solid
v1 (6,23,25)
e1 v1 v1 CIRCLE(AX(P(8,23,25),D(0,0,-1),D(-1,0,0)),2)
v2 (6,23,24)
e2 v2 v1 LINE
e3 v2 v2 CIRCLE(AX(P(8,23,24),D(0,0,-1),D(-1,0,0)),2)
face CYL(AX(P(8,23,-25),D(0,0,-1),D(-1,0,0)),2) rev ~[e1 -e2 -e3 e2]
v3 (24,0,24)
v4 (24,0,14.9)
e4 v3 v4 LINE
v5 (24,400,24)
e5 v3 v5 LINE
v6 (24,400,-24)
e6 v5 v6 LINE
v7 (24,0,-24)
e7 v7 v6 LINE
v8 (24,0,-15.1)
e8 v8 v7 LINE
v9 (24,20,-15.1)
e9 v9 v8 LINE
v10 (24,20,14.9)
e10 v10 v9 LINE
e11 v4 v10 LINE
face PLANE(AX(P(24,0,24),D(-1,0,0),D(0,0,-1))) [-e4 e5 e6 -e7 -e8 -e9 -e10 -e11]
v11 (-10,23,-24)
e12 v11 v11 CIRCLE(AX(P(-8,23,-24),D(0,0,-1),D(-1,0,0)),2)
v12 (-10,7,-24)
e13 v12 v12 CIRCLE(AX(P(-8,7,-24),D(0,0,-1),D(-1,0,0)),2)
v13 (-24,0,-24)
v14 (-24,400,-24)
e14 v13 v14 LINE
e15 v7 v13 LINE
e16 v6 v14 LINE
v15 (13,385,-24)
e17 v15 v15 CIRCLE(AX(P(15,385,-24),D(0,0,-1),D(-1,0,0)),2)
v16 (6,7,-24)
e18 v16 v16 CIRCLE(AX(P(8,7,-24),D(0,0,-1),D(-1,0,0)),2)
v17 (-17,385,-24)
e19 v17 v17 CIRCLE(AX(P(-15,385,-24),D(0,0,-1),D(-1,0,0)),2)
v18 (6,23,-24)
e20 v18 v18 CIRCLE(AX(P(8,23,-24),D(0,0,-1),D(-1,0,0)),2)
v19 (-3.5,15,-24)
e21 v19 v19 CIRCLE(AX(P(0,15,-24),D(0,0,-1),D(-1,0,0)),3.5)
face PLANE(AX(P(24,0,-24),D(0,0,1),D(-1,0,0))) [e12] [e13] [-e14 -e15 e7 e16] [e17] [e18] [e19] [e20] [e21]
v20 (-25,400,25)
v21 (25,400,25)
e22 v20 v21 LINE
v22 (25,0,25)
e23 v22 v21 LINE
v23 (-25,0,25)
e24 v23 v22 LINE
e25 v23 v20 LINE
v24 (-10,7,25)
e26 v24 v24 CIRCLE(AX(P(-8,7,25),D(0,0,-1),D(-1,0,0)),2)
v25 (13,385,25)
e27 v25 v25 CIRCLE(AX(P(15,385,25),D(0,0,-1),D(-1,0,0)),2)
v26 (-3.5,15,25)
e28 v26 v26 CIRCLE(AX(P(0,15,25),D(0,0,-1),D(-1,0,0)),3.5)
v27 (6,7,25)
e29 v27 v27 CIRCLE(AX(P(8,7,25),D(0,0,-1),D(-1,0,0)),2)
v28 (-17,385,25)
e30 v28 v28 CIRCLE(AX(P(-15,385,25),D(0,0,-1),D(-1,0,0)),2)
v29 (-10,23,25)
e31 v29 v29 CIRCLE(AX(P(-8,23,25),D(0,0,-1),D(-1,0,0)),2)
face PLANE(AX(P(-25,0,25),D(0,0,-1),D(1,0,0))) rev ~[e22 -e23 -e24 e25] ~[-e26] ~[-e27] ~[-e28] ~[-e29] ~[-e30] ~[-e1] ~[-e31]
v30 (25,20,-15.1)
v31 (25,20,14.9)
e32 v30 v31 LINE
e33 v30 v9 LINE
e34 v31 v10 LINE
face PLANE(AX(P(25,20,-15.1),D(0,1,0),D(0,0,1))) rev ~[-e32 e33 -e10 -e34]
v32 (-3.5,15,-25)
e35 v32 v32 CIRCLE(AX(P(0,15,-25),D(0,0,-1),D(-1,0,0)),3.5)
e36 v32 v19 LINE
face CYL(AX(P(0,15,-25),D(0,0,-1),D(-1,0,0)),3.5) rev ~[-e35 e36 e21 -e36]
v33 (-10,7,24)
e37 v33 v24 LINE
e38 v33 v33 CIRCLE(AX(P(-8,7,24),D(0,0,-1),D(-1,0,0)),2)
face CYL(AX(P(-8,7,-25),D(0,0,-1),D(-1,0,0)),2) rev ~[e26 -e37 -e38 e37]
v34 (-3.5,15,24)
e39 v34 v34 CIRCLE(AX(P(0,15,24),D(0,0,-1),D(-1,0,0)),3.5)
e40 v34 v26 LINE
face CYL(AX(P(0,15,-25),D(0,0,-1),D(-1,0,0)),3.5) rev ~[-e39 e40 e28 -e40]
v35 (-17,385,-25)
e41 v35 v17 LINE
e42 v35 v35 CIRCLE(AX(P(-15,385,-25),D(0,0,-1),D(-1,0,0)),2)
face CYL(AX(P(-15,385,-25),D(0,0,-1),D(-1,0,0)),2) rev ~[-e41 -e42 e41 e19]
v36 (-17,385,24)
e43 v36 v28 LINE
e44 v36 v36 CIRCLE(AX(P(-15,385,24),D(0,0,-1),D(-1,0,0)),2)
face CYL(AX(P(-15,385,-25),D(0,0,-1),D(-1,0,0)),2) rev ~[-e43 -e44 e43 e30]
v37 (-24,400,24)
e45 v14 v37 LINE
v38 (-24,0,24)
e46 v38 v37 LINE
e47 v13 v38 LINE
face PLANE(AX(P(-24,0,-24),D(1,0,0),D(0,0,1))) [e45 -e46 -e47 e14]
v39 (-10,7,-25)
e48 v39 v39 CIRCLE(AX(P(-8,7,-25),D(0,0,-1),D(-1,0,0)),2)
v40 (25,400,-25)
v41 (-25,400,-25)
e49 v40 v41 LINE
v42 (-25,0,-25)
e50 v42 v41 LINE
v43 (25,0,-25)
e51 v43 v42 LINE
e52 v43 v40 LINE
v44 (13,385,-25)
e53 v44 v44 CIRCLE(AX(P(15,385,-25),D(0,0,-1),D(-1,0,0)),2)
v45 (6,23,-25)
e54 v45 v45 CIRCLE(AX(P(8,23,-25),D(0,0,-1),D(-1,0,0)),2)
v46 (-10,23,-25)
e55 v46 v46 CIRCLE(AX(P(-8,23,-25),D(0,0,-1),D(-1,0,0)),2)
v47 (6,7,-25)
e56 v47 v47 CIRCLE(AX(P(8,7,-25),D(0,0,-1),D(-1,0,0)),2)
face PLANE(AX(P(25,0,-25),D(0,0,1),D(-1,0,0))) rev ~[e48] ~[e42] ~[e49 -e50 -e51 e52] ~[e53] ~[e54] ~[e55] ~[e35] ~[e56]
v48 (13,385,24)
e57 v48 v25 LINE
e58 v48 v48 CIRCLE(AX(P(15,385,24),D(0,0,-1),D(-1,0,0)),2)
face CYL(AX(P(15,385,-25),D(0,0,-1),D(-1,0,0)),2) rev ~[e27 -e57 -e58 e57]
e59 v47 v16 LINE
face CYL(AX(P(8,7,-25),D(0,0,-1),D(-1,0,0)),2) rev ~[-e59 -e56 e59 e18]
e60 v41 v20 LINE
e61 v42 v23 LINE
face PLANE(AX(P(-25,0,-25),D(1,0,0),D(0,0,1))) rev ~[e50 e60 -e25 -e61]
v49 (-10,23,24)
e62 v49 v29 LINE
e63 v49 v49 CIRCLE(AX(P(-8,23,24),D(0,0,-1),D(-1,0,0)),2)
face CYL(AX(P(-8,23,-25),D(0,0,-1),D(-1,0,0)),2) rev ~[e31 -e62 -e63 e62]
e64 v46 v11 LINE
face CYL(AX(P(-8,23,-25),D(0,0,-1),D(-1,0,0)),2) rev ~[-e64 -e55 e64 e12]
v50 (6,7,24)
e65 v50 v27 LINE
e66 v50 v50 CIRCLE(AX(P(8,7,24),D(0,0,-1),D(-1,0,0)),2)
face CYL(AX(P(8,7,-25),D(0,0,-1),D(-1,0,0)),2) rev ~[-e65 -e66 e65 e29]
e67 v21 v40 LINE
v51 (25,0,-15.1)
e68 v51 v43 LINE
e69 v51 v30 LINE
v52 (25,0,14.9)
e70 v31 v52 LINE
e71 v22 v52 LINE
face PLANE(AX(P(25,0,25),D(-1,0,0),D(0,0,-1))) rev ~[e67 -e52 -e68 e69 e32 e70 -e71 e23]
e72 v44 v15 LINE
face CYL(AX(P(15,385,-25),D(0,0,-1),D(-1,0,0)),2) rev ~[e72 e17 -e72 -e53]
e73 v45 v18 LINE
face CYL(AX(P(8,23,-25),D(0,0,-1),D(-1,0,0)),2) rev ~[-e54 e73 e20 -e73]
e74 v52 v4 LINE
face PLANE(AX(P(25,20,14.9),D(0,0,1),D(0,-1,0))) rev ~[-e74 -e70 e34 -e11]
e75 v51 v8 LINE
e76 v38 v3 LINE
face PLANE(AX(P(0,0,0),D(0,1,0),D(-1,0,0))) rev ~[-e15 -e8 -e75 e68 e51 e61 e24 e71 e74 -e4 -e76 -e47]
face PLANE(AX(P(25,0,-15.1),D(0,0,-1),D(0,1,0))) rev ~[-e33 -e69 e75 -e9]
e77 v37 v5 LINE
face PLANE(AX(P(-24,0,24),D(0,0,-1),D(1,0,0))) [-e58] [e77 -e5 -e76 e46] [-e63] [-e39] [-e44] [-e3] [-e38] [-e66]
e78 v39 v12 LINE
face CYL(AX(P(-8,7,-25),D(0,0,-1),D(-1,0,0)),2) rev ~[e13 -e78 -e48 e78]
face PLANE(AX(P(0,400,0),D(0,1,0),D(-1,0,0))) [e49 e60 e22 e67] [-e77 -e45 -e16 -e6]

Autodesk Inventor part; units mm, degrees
ref_plane "YZ Plane" through (0, 0, 0) normal (1, 0, 0) x (0, 1, 0)
ref_plane "XZ Plane" through (0, 0, 0) normal (0, 1, 0) x (-1, 0, 0)
ref_plane "XY Plane" through (0, 0, 0) normal (0, 0, 1) x (1, 0, 0)
sketch "Sketch1" plane through (0, 0, 0) normal (0, 1, 0) x (-1, 0, 0)
  line L0 (25, 25) -> (-25, 25)
  line L1 (-25, 25) -> (-25, -25)
  line L2 (-25, -25) -> (25, -25)
  line L3 (25, -25) -> (25, 25)
  line L4 (25, 25) -> (-25, -25) construction
  line L5 (-25, 25) -> (25, -25) construction
  line L6 (24, 24) -> (-24, 24)
  line L7 (-24, 24) -> (-24, -24)
  line L8 (-24, -24) -> (24, -24)
  line L9 (24, -24) -> (24, 24)
  line L10 (24, 24) -> (-24, -24) construction
  line L11 (-24, 24) -> (24, -24) construction
  point P0 (0, 0)
  dimension "d0" = 50
  dimension "d2" = 48
extrude "Extrusion1" add sketch "Sketch1" along normal blind 400
sketch "Sketch3" plane through (25, 0, -25) normal (0, 0, -1) x (-1, 0, 0)
  line L0 (50, 0) -> (50, 400) projected
  line L1 (0, 0) -> (50, 0)
  line L2 (50, 0) -> (50, 30)
  line L3 (50, 30) -> (0, 30)
  line L4 (0, 30) -> (0, 0)
  line L5 (50, 30) -> (0, 0) construction
  line L6 (0, 0) -> (0, 400) projected
  line L7 (50, 0) -> (50, 400) projected
  line L8 (0, 400) -> (50, 400)
  line L9 (50, 400) -> (50, 370)
  line L10 (50, 370) -> (0, 370)
  line L11 (0, 370) -> (0, 400)
  line L12 (0, 400) -> (50, 370) construction
  circle A0 centre (40, 385) radius 2
  line L13 (25, 385) -> (40, 385) construction
  line L14 (25, 385) -> (10, 385) construction
  circle A1 centre (10, 385) radius 2
  circle A2 centre (25, 15) radius 3.5
  line L15 (17, 23) -> (33, 23) construction
  line L16 (33, 23) -> (33, 7) construction
  line L17 (33, 7) -> (17, 7) construction
  line L18 (17, 7) -> (17, 23) construction
  line L19 (17, 23) -> (33, 7) construction
  line L20 (33, 23) -> (17, 7) construction
  circle A3 centre (17, 23) radius 2
  circle A4 centre (33, 23) radius 2
  circle A5 centre (33, 7) radius 2
  circle A6 centre (17, 7) radius 2
  line L21 (25, 15) -> (29.6644, 19.6644) construction
  point P0 (25, 0)
  dimension "d19" = 30
  dimension "d28" = 30
  dimension "d29" = 4
  dimension "d30" = 15
  dimension "d31" = 15
  dimension "d32" = 4
  dimension "d33" = 7
  dimension "d34" = 16
  dimension "d35" = 4
extrude "Extrusion3" cut sketch "Sketch3" against normal blind 50 contours A0 | A1 | A2 | A3 | A4 | A5 | A6
sketch "Sketch4" plane through (25, 0, 25) normal (1, 0, 0) x (0, 0, -1)
  line L0 (50, 0) -> (0, 0) construction
  line L1 (0, 0) -> (10.1, 0) construction
  line L2 (10.1, 0) -> (40.1, 0)
  line L3 (40.1, 0) -> (40.1, 20)
  line L4 (40.1, 20) -> (10.1, 20)
  line L5 (10.1, 20) -> (10.1, 0)
  point P0 (25, 0)
  dimension "d23" = 10.1
  dimension "d24" = 30
  dimension "d25" = 20
extrude "Extrusion4" cut sketch "Sketch4" against normal blind 10
properties part number "End-Link" material "Aluminum 6061"
